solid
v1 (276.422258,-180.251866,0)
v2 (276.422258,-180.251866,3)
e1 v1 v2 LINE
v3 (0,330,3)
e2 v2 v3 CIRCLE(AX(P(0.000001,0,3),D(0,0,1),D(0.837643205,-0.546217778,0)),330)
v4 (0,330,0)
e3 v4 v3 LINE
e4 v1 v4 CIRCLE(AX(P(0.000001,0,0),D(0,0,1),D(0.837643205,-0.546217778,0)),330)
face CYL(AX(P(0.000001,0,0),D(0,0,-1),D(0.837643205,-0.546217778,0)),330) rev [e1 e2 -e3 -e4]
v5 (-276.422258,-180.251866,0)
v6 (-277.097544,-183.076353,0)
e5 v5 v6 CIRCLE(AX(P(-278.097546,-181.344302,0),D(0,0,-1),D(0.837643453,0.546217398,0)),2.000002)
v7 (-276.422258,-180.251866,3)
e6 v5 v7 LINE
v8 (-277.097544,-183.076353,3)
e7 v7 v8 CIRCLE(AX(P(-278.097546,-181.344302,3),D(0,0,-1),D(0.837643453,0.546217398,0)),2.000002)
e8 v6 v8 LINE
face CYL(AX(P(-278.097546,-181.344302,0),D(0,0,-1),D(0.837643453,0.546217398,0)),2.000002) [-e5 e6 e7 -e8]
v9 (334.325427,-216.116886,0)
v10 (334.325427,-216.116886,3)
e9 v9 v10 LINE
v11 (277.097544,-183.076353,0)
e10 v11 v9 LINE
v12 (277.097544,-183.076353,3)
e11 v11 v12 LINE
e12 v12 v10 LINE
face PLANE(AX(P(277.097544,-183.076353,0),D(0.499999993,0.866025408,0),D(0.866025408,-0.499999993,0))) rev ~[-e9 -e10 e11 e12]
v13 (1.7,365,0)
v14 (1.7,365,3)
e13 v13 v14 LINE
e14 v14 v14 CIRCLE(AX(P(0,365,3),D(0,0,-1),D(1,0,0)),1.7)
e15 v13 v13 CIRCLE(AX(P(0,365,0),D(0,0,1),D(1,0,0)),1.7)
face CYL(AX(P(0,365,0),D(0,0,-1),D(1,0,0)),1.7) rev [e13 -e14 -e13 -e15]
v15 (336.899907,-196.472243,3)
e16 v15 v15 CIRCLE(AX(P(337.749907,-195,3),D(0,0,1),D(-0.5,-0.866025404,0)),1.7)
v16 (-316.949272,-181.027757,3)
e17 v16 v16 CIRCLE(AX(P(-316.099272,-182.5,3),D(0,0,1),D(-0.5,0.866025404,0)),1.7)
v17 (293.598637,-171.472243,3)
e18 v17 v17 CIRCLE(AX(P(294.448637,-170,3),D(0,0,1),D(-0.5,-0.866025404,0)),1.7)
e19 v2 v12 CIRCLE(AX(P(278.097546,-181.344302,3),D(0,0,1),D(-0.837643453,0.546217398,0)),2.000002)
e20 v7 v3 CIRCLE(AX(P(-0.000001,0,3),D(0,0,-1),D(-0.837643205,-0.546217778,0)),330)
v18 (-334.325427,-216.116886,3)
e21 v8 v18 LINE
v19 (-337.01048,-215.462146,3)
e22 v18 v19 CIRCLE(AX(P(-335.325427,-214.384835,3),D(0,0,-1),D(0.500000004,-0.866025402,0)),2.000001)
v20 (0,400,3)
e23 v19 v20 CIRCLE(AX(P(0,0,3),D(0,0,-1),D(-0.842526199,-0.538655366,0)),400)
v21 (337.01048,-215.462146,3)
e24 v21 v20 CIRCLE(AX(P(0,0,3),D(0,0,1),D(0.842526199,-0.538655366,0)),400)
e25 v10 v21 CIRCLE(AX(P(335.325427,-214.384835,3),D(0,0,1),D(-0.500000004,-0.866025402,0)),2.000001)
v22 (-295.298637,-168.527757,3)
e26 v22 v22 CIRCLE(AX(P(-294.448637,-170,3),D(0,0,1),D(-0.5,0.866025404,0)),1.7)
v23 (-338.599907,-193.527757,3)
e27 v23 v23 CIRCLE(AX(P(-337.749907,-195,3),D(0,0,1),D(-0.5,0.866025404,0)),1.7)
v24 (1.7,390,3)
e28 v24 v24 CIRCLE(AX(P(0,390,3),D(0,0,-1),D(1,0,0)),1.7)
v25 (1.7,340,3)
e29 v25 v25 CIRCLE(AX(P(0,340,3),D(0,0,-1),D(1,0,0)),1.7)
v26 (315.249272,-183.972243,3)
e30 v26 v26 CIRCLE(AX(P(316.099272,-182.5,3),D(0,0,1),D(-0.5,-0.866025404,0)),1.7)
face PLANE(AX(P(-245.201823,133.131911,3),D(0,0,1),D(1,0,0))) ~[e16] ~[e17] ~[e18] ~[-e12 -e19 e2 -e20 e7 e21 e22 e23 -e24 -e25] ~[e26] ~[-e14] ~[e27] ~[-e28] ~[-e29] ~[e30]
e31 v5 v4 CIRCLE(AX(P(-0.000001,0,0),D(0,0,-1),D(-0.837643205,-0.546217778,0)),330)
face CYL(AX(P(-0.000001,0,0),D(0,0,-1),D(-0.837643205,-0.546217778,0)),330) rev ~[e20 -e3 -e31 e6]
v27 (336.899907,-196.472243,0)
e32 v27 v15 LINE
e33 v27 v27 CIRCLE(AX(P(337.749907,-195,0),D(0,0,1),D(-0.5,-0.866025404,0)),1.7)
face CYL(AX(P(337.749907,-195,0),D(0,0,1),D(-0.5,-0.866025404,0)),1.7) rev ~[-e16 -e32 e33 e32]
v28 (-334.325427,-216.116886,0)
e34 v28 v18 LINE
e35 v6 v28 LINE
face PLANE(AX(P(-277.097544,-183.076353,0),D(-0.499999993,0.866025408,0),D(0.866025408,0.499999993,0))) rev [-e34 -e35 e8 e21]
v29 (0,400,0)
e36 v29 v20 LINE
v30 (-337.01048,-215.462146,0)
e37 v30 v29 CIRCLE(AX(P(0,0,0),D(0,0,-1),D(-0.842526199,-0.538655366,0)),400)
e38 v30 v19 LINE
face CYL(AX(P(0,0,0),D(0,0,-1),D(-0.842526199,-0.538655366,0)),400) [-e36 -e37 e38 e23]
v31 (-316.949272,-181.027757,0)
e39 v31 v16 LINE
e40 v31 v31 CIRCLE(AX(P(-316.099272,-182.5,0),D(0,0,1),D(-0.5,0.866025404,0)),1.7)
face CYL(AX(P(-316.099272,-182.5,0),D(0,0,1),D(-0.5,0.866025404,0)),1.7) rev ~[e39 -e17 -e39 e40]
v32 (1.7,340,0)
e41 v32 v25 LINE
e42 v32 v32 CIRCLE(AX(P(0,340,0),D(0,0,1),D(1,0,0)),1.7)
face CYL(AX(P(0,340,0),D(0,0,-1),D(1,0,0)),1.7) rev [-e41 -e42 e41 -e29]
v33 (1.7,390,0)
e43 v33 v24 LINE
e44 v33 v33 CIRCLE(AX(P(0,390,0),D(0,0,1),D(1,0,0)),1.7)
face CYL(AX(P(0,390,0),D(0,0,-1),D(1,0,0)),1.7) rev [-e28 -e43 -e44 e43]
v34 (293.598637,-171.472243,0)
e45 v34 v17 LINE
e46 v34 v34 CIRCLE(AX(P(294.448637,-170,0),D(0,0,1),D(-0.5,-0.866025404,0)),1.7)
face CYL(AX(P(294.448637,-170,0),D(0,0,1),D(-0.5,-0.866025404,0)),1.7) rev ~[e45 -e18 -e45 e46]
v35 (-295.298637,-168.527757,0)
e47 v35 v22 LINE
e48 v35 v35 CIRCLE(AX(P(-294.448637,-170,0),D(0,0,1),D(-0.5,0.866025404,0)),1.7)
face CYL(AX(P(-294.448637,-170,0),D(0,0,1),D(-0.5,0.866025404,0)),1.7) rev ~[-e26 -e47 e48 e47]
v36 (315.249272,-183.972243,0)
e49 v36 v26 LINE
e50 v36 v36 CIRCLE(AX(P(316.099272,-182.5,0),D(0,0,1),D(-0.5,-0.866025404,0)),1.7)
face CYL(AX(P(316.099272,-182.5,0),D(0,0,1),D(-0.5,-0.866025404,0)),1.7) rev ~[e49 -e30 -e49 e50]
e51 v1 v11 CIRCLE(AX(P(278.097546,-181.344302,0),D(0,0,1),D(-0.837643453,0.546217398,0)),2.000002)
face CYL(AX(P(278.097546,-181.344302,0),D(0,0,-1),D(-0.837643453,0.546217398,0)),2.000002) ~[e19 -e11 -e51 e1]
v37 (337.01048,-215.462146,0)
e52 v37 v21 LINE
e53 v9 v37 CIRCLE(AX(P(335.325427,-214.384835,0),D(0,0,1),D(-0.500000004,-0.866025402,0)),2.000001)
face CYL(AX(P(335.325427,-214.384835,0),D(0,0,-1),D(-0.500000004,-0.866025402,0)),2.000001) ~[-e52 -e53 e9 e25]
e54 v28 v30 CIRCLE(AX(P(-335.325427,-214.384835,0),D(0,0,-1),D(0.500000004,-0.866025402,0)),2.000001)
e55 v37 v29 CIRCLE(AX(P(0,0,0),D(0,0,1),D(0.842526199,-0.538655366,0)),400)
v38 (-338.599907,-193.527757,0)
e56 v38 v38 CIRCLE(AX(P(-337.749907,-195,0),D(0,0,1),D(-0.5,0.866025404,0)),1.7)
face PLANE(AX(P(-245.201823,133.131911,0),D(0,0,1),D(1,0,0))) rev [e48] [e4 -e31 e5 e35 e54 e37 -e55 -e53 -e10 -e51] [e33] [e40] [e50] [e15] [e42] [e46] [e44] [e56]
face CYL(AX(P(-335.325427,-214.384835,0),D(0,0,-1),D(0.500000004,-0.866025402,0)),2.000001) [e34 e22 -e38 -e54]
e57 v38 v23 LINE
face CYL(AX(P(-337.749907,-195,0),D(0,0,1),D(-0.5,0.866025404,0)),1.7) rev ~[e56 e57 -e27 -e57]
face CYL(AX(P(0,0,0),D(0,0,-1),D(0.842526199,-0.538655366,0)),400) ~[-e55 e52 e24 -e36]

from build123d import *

# Parameters (mm, degrees)
PAD015_DEPTH          = 3
SKETCH096_R           = 1.7
POCKET062_DEPTH       = 2019.841851
POCKET062_DEPTH_BACK  = 2022.841851
POLARPATTERN017_COUNT = 3


with BuildPart() as part:
    # Sketch095 → Pad015 (new body)
    with BuildSketch(Plane.XY):
        with BuildLine():
            ThreePointArc((337.01048, -215.462146), (350.845307, 192.113432), (0, 400))
            Line((0, 330), (0, 400))
            ThreePointArc((276.422258, -180.251866), (290.157816, 157.189192), (0, 330))
            ThreePointArc((276.422258, -180.251866), (276.152366, -181.809361), (277.097544, -183.076353))
            Line((277.097544, -183.076353), (334.325427, -216.116886))
            ThreePointArc((334.325427, -216.116886), (335.799237, -216.327901), (337.01048, -215.462146))
        make_face()
    pad015 = extrude(amount=PAD015_DEPTH)

    # Mirrored026: Pad015 across Sketch095 V_Axis
    add(pad015.mirror(Plane(origin=(0, 0, 0), x_dir=(0, 0, 1), z_dir=(1, 0, 0))))

    # Sketch096 → Pocket062 (cut, two sides)
    with BuildSketch(Plane(origin=(0, 330, 0), x_dir=(1, 0, 0), z_dir=(0, 0, 1))) as pocket062_sk:
        with Locations((0, 10)):
            Circle(SKETCH096_R)
        with Locations((0, 35)):
            Circle(SKETCH096_R)
        with Locations((0, 60)):
            Circle(SKETCH096_R)
    pocket062 = extrude(amount=-POCKET062_DEPTH, mode=Mode.SUBTRACT) + extrude(pocket062_sk.sketch, amount=POCKET062_DEPTH_BACK, mode=Mode.SUBTRACT)

    # PolarPattern017: Pocket062 ×3 about axis
    polarpattern017_axis = Axis((0, 0, 0), (0, 0, 1))
    for i in range(1, POLARPATTERN017_COUNT):
        add(pocket062.rotate(polarpattern017_axis, i * 360 / POLARPATTERN017_COUNT), mode=Mode.SUBTRACT)


solid = part.part
